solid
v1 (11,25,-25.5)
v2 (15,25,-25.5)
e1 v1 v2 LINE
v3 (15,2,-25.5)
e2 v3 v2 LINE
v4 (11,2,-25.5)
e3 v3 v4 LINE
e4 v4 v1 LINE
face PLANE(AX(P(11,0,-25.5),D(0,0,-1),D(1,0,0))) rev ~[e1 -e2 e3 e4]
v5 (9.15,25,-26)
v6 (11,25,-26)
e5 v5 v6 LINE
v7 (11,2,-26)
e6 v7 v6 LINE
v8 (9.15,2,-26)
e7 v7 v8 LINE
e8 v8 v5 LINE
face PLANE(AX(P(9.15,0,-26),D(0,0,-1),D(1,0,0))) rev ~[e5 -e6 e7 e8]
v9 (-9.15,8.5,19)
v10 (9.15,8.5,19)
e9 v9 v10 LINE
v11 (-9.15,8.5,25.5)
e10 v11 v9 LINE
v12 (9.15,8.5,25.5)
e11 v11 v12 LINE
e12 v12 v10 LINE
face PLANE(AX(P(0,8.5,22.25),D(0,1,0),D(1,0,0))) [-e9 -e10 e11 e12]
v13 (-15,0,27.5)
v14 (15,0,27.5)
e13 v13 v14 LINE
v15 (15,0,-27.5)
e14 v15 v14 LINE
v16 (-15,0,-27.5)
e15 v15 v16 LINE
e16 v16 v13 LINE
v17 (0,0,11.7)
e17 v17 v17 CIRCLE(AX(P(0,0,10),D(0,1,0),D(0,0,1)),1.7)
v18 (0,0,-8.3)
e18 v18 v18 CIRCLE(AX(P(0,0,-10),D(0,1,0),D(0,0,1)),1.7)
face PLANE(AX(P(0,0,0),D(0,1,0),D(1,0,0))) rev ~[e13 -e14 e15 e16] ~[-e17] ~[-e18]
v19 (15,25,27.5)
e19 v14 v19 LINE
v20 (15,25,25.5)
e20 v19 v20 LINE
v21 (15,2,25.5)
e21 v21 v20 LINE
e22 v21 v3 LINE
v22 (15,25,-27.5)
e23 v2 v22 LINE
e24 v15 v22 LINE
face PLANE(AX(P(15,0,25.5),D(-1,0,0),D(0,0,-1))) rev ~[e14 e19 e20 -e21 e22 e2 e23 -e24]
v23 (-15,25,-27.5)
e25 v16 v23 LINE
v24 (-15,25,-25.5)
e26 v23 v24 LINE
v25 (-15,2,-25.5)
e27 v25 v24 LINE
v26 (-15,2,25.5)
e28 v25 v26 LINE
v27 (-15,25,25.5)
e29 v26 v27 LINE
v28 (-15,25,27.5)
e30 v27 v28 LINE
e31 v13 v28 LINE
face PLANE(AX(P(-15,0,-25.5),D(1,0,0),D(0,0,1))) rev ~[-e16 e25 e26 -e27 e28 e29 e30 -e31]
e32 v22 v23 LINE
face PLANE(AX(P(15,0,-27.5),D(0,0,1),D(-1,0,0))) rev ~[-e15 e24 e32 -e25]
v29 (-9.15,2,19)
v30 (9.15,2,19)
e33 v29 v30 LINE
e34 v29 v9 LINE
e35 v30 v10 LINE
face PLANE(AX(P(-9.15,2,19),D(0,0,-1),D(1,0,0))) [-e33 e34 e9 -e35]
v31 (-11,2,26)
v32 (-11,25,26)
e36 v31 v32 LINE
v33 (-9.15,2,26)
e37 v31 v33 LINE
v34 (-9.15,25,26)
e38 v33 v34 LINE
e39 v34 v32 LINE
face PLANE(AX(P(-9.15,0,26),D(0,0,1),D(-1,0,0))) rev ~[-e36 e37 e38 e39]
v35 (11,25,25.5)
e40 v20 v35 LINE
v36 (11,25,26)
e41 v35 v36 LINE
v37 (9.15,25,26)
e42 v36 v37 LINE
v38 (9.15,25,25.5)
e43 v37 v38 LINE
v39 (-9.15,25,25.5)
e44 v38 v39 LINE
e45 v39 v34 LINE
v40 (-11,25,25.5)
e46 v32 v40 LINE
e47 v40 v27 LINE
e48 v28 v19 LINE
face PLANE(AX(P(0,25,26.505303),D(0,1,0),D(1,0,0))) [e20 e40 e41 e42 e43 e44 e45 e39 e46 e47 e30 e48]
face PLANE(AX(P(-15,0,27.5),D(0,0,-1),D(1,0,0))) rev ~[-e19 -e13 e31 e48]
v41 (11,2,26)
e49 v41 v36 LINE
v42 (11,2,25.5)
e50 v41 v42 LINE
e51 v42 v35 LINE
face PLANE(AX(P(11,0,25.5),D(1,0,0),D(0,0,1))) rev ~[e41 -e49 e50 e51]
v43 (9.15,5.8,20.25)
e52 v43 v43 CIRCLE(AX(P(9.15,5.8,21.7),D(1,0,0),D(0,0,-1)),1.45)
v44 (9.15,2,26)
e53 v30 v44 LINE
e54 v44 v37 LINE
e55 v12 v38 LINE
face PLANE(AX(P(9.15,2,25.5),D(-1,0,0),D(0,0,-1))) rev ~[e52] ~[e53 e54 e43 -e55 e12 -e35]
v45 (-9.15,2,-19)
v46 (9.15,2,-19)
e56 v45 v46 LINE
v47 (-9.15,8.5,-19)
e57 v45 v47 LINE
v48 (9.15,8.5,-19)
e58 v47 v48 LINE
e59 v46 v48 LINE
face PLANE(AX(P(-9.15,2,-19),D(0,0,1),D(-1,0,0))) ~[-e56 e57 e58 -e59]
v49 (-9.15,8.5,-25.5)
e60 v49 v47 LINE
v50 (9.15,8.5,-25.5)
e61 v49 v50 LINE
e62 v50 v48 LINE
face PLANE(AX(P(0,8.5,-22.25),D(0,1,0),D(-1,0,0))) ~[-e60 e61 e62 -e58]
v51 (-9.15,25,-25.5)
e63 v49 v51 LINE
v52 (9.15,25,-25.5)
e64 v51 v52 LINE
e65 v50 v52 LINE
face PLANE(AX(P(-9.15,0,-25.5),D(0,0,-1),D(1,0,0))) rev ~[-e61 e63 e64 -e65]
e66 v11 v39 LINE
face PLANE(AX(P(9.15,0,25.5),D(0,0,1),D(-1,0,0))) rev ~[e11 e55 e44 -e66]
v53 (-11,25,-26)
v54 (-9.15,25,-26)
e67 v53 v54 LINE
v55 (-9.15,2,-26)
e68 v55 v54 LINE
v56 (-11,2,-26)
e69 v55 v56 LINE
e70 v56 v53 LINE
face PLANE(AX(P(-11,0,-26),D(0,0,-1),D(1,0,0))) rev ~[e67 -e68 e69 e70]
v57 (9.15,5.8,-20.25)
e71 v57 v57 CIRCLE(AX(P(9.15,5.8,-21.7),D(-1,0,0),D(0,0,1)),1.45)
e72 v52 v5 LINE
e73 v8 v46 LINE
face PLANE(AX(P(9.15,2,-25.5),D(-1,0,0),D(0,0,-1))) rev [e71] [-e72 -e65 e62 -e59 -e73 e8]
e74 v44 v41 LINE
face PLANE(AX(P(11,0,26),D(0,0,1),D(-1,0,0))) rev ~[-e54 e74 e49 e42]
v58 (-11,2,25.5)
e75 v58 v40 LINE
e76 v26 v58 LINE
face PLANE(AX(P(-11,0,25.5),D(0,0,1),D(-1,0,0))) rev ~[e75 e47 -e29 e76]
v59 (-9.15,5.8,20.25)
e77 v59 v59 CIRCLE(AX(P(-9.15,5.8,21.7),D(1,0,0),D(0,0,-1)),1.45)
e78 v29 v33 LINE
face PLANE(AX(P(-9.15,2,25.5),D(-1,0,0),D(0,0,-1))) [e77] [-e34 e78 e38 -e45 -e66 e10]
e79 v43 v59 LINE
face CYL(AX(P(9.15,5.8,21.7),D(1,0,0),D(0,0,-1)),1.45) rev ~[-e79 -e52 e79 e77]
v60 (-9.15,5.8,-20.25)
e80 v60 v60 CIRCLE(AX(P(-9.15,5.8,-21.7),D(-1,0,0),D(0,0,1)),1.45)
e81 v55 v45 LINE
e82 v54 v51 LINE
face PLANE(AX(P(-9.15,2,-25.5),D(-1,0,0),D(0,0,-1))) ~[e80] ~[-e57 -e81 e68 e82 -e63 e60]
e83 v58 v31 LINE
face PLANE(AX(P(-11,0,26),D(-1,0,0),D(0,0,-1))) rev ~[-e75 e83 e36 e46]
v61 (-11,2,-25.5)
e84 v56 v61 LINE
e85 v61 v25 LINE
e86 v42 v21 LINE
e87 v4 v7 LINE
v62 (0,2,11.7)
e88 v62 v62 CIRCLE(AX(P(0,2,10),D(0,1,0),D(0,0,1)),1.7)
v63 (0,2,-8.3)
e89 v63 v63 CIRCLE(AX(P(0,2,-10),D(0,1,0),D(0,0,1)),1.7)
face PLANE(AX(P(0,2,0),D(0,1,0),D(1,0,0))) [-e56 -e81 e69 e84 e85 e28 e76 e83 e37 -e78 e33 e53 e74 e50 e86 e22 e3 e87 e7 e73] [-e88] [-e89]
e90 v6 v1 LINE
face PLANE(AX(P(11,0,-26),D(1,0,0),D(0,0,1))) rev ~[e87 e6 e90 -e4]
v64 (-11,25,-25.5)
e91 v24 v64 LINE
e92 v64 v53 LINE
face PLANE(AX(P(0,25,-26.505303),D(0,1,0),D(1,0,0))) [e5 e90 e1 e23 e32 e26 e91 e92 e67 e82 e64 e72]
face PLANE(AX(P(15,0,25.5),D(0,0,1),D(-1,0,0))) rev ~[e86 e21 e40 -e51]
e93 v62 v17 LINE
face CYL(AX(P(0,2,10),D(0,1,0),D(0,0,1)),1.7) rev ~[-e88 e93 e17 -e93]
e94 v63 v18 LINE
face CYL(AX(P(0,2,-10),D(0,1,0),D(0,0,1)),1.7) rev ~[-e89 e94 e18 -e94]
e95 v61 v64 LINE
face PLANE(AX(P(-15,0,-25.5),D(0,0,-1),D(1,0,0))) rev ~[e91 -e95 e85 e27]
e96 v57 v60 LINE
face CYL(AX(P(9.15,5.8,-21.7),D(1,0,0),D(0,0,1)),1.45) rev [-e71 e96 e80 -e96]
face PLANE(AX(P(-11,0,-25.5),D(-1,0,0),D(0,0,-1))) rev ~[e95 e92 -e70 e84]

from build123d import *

# Parameters (mm, degrees)
BOSS_EXTRUDE1_DEPTH   = 25
BOSS_EXTRUDE1_2_DEPTH = 25
BOSS_EXTRUDE2_DEPTH   = 2
SKETCH2_W             = 18.3
SKETCH2_H             = 6.5
BOSS_EXTRUDE3_DEPTH   = 6.5
CUT_EXTRUDE1_REACH    = 46.322
SKETCH3_R             = 1.45
CUT_EXTRUDE3_REACH    = 40.862
SKETCH4_R             = 1.7


with BuildPart() as part:
    # Sketch1 → Boss-Extrude1 (new body)
    with BuildSketch(Plane(origin=(0, 0, 0), x_dir=(1, 0, 0), z_dir=(0, 1, 0))):
        Polygon((15, 27.5), (-15, 27.5), (-15, 25.5), (-11, 25.5), (-11, 26), (-9.15, 26), (-9.15, 25.5), (9.15, 25.5), (9.15, 26), (11, 26), (11, 25.5), (15, 25.5), align=None)
    extrude(amount=BOSS_EXTRUDE1_DEPTH)



with BuildPart() as body_2:
    # Sketch1 → Boss-Extrude1 2 (new body)
    with BuildSketch(Plane(origin=(0, 0, 0), x_dir=(1, 0, 0), z_dir=(0, 1, 0))):
        Polygon((-11, -25.5), (-15, -25.5), (-15, -27.5), (15, -27.5), (15, -25.5), (11, -25.5), (11, -26), (9.15, -26), (9.15, -25.5), (-9.15, -25.5), (-9.15, -26), (-11, -26), align=None)
    extrude(amount=BOSS_EXTRUDE1_2_DEPTH)


with BuildPart() as part_1:
    add(part.part)

    add(body_2.part)  # Boss-Extrude2 merges body 2
    # Sketch1<3> → Boss-Extrude2 (add)
    with BuildSketch(Plane(origin=(0, 0, 0), x_dir=(1, 0, 0), z_dir=(0, 1, 0))):
        Polygon((-11, 25.5), (-15, 25.5), (-15, -25.5), (-11, -25.5), (-11, -26), (-9.15, -26), (-9.15, -25.5), (9.15, -25.5), (9.15, -26), (11, -26), (11, -25.5), (15, -25.5), (15, 25.5), (11, 25.5), (11, 26), (9.15, 26), (9.15, 25.5), (-9.15, 25.5), (-9.15, 26), (-11, 26), align=None)
    extrude(amount=BOSS_EXTRUDE2_DEPTH)

    # Sketch2 → Boss-Extrude3 (add)
    with BuildSketch(Plane(origin=(0, 2, 0), x_dir=(1, 0, 0), z_dir=(0, 1, 0))):
        with Locations((0, -22.25)):
            Rectangle(SKETCH2_W, SKETCH2_H)
    boss_extrude3 = extrude(amount=BOSS_EXTRUDE3_DEPTH)

    # Sketch3 → Cut-Extrude1 (cut, up to next)
    with BuildSketch(Plane(origin=(9.15, 0, 0), x_dir=(0, 0, -1), z_dir=(1, 0, 0)), mode=Mode.PRIVATE) as cut_extrude1_sk1:
        with Locations((-21.7, 5.8)):
            Circle(SKETCH3_R)
    cut_extrude1_tool1 = extrude(cut_extrude1_sk1.sketch, amount=-CUT_EXTRUDE1_REACH, mode=Mode.PRIVATE) & part_1.part
    cut_extrude1 = cut_extrude1_tool1.solids().sort_by_distance((9.15, 5.8, 21.7))[0]
    add(cut_extrude1, mode=Mode.SUBTRACT)

    # Sketch4 → Cut-Extrude3 (cut, up to next)
    with BuildSketch(Plane(origin=(0, 2, 0), x_dir=(1, 0, 0), z_dir=(0, 1, 0)), mode=Mode.PRIVATE) as cut_extrude3_sk1:
        with Locations((0, 10)):
            Circle(SKETCH4_R)
    cut_extrude3_tool1 = extrude(cut_extrude3_sk1.sketch, amount=-CUT_EXTRUDE3_REACH, mode=Mode.PRIVATE) & part_1.part
    # Sketch4 → Cut-Extrude3 (cut, up to next)
    with BuildSketch(Plane(origin=(0, 2, 0), x_dir=(1, 0, 0), z_dir=(0, 1, 0)), mode=Mode.PRIVATE) as cut_extrude3_sk2:
        with Locations((0, -10)):
            Circle(SKETCH4_R)
    cut_extrude3_tool2 = extrude(cut_extrude3_sk2.sketch, amount=-CUT_EXTRUDE3_REACH, mode=Mode.PRIVATE) & part_1.part
    add(cut_extrude3_tool1.solids().sort_by_distance((0, 2, -10))[0], mode=Mode.SUBTRACT)
    add(cut_extrude3_tool2.solids().sort_by_distance((0, 2, 10))[0], mode=Mode.SUBTRACT)

    # Mirror1: Boss-Extrude3, Cut-Extrude1 across plane
    add(boss_extrude3.mirror(Plane.XY))
    add(cut_extrude1.mirror(Plane.XY), mode=Mode.SUBTRACT)


solid = part_1.part
